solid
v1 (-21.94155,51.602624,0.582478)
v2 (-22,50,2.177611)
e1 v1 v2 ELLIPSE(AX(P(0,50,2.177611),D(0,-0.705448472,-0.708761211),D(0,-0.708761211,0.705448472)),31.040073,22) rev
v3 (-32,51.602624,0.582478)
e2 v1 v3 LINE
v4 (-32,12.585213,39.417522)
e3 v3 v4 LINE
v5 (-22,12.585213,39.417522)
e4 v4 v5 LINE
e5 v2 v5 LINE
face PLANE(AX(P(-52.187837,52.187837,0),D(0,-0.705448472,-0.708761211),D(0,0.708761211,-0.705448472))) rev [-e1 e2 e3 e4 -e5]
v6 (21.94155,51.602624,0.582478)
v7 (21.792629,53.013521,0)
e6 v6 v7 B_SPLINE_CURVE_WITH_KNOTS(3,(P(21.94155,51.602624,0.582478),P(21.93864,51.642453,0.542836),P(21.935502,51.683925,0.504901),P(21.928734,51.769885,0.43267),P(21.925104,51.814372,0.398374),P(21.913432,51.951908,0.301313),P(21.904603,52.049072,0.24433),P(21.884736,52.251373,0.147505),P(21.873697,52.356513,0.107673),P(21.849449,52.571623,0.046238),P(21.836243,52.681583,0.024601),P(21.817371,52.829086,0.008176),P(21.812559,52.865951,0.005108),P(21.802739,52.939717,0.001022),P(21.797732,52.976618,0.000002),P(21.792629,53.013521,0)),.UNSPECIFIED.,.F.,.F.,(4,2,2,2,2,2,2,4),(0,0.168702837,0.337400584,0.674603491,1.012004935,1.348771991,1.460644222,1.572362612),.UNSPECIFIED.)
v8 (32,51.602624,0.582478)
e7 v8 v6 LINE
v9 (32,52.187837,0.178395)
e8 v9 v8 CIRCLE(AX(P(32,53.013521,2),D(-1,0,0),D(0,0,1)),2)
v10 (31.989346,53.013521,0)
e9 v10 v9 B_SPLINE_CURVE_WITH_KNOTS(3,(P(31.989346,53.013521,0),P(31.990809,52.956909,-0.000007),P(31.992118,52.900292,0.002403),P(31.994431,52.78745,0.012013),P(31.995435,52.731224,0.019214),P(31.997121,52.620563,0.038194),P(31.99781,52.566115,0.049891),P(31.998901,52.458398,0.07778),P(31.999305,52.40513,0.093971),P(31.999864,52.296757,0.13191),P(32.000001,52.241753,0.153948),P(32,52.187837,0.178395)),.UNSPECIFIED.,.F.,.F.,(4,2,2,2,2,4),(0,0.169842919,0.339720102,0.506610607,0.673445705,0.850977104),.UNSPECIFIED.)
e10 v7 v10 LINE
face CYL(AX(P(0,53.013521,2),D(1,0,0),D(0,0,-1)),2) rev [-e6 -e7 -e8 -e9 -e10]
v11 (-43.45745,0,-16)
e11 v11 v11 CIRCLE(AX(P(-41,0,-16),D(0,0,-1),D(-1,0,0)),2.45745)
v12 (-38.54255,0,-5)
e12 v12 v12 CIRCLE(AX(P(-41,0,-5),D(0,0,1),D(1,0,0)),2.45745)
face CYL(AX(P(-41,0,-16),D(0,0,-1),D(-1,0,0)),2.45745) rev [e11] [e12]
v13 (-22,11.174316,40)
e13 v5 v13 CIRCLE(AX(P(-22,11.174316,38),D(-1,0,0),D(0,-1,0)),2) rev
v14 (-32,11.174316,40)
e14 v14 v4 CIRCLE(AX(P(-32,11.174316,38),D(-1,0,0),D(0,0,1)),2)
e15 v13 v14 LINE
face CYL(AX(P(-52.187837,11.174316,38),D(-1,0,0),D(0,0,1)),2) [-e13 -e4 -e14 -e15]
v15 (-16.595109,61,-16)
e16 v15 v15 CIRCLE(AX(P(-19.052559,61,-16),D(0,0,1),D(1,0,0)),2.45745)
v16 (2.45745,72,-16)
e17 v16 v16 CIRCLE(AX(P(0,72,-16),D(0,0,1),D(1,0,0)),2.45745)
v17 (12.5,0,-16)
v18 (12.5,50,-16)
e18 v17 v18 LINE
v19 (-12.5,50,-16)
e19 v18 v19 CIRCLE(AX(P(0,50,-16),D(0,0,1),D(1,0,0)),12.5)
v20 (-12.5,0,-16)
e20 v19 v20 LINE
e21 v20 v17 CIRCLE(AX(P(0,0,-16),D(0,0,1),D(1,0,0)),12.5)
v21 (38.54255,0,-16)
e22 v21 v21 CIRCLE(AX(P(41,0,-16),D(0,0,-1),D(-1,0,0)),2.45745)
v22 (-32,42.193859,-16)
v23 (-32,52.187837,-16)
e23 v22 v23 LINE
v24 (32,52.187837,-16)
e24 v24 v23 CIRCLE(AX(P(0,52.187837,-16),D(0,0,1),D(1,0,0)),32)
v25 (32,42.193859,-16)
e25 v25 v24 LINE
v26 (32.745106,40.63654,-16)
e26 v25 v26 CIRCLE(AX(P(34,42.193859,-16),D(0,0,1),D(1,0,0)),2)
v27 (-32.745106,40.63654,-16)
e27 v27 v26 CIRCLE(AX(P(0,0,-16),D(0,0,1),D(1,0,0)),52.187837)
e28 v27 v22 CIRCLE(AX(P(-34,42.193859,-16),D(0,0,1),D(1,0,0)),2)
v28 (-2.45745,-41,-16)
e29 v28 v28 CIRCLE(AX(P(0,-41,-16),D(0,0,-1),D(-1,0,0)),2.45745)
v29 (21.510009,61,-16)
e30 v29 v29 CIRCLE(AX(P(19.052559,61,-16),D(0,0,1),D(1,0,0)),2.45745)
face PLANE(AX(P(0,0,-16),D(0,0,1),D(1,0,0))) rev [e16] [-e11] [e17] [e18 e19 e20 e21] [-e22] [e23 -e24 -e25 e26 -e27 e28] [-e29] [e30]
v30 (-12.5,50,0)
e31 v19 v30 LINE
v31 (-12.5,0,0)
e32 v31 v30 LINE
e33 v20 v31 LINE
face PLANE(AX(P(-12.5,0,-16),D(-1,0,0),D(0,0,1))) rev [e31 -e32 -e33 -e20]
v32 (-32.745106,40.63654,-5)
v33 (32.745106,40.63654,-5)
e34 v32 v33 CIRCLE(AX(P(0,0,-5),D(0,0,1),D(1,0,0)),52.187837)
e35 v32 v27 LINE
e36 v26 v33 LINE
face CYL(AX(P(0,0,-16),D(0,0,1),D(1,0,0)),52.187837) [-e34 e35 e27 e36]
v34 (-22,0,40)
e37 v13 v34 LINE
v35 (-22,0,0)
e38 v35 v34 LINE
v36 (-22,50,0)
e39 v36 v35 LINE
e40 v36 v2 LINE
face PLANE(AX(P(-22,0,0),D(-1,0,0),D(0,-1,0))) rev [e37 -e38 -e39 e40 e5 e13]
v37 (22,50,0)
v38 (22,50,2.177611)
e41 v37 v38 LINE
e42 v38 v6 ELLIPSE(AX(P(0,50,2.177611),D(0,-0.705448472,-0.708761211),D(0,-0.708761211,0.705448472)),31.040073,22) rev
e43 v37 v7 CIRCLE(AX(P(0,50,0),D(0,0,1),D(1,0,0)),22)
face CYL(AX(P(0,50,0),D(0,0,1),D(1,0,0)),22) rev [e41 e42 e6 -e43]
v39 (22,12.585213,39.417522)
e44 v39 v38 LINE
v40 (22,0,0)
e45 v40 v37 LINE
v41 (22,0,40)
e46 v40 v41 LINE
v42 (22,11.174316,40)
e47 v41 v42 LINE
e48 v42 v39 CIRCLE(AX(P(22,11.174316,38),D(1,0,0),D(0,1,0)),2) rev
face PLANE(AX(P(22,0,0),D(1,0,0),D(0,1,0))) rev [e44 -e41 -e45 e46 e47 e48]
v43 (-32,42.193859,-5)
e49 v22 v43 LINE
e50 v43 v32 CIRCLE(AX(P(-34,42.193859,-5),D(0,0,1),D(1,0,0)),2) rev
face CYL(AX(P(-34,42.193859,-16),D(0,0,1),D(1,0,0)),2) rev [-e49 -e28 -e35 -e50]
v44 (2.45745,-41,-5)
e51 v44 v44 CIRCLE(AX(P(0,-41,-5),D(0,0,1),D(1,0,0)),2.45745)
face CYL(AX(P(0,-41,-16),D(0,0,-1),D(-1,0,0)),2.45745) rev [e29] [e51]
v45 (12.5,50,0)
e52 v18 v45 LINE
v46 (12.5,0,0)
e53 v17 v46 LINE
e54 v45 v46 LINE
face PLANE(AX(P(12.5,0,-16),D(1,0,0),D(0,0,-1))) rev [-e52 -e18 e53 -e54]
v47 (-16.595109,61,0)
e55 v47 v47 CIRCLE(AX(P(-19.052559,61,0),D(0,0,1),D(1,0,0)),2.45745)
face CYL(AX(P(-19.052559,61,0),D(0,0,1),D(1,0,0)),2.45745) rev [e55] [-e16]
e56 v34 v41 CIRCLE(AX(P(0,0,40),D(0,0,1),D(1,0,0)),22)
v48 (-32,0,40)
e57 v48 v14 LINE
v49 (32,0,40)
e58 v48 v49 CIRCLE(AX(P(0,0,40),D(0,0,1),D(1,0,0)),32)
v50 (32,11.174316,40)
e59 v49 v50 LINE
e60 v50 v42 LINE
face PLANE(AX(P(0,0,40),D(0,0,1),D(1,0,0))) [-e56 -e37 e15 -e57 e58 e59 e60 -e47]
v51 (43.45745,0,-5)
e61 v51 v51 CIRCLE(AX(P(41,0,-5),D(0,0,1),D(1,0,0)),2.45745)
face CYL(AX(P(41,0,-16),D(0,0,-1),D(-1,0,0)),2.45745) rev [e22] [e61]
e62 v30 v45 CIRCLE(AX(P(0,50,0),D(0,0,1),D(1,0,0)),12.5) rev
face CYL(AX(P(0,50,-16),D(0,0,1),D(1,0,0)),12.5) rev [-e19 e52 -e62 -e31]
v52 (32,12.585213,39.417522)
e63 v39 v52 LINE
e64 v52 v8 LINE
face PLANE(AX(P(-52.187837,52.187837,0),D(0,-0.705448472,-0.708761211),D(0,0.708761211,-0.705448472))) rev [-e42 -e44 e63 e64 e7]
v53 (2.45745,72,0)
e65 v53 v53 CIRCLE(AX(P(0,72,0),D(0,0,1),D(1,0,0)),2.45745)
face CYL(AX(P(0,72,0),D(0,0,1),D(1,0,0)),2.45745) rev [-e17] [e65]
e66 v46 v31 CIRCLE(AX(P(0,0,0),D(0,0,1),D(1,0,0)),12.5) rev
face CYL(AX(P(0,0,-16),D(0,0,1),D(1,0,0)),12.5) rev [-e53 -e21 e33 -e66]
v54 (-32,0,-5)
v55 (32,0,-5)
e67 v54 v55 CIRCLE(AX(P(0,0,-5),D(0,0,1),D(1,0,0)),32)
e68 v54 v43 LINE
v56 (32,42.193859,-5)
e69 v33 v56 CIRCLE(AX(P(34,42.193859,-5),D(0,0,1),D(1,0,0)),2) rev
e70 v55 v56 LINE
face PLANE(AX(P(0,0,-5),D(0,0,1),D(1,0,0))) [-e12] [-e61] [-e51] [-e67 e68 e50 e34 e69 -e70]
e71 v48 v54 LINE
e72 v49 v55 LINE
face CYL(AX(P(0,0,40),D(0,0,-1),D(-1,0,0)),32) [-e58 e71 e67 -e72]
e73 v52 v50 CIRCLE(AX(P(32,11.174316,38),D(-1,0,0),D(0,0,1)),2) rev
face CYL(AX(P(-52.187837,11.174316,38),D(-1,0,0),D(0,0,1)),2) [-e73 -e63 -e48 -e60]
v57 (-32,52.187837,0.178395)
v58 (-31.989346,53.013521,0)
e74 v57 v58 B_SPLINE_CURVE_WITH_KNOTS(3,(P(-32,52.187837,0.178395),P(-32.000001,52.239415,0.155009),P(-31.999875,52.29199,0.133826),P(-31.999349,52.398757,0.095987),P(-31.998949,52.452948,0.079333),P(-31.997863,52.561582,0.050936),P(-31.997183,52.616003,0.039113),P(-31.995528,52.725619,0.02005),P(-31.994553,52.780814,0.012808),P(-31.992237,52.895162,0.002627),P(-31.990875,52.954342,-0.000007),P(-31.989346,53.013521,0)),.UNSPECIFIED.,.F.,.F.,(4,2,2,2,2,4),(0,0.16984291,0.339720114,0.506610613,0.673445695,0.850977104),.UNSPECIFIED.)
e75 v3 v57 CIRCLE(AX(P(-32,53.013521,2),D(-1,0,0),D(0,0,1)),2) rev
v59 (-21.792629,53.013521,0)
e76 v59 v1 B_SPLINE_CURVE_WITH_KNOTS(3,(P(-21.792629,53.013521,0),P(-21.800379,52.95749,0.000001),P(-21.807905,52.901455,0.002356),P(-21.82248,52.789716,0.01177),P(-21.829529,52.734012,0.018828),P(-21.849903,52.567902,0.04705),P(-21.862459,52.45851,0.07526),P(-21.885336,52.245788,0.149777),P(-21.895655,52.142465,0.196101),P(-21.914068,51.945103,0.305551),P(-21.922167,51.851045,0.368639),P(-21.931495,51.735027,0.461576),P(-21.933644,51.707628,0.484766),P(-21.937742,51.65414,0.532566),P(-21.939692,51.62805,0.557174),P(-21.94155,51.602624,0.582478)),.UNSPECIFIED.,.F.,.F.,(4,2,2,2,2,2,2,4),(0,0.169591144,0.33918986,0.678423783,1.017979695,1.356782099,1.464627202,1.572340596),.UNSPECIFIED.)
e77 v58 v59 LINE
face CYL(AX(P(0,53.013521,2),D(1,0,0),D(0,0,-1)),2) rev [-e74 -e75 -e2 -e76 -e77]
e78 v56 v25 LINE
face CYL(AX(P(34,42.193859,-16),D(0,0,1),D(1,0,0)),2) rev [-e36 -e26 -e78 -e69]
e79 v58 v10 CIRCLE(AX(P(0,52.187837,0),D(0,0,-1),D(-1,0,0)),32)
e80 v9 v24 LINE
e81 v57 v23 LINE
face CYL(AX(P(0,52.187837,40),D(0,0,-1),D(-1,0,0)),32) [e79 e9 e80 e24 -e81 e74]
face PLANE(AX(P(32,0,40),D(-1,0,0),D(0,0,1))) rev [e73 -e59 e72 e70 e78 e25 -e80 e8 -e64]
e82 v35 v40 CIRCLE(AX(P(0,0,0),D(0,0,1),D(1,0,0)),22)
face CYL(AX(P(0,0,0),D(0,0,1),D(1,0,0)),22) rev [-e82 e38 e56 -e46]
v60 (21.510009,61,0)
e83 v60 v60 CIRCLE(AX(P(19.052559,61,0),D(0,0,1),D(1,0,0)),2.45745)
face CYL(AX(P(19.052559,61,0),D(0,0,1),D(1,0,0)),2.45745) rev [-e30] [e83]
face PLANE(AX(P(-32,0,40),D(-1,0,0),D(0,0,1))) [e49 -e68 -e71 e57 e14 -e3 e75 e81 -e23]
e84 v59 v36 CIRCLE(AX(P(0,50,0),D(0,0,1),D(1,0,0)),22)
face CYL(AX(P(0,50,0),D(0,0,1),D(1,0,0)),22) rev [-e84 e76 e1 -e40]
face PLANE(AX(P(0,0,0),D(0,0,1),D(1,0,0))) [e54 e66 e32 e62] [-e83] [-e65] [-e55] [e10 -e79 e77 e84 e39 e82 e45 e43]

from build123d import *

# Parameters (mm, degrees)
BOSS_EXTRUDE1_DEPTH          = 40
BOSS_EXTRUDE1_DEPTH_BACK     = 16
BOSS_EXTRUDE2_START          = -5
SKETCH1_3_R                  = 52.187837327
BOSS_EXTRUDE2_DEPTH          = 11
CUT_EXTRUDE1_DEPTH           = 114.785598028
CUT_EXTRUDE3_DEPTH           = 40
CUT_EXTRUDE4_DEPTH           = 126.599298993
FILLET1_R                    = 2
F_10_0_1935_DIAMETER_HOLE3_D = 4.9149
F_10_0_1935_DIAMETER_HOLE4_D = 4.9149
FILLET2_R                    = 2
FILLET3_R                    = 2


with BuildPart() as part:
    # Sketch1 → Boss-Extrude1 (new, two sides: drawn at the far end of the back side and taken through both)
    with BuildSketch(Plane.XY.offset(-BOSS_EXTRUDE1_DEPTH_BACK)):
        with BuildLine():
            ThreePointArc((-32, 0), (0, -32), (32, 0))
            Line((32, 0), (32, 52.187837327))
            ThreePointArc((32, 52.187837327), (0, 84.187837327), (-32, 52.187837327))
            Line((-32, 52.187837327), (-32, 0))
        make_face()
    extrude(amount=BOSS_EXTRUDE1_DEPTH + BOSS_EXTRUDE1_DEPTH_BACK)

    # Sketch1<3> → Boss-Extrude2 (add)
    with BuildSketch(Plane.XY.offset(BOSS_EXTRUDE2_START)):
        Circle(SKETCH1_3_R)
    extrude(amount=-BOSS_EXTRUDE2_DEPTH)

    # Sketch2 → Cut-Extrude1 (cut, through all)
    with BuildSketch(Plane.XY.offset(40)):
        with BuildLine():
            Line((-12.5, 0), (-12.5, 50))
            ThreePointArc((-12.5, 50), (0, 62.5), (12.5, 50))
            Line((12.5, 50), (12.5, 0))
            ThreePointArc((12.5, 0), (0, -12.5), (-12.5, 0))
        make_face()
    extrude(amount=-CUT_EXTRUDE1_DEPTH, mode=Mode.SUBTRACT)

    # Sketch6 → Cut-Extrude3 (cut)
    with BuildSketch(Plane.XY.offset(40)):
        with BuildLine():
            Line((-22, 0), (-22, 50))
            ThreePointArc((-22, 50), (0, 72), (22, 50))
            Line((22, 50), (22, 0))
            ThreePointArc((22, 0), (0, -22), (-22, 0))
        make_face()
    extrude(amount=-CUT_EXTRUDE3_DEPTH, mode=Mode.SUBTRACT)

    # Sketch7 → Cut-Extrude4 (cut, through all)
    with BuildSketch(Plane(origin=(32, 0, 0), x_dir=(0, 0, -1), z_dir=(1, 0, 0))):
        Polygon((0, 52.187837327), (0, 84.187837327), (-40, 84.187837327), (-40, 12), align=None)
    extrude(amount=-CUT_EXTRUDE4_DEPTH, mode=Mode.SUBTRACT)

    # Fillet1
    fillet1_edges = [part.edges().sort_by_distance(p)[0] for p in [
        (27, 12, 40),
        (-27, 12, 40),
    ]]
    fillet(fillet1_edges, radius=FILLET1_R)

    # #10 (0.1935) Diameter Hole3 (through all)
    with Locations(Plane.XY):
        with Locations((-19.052558883, 61), (19.052558883, 61), (0, 72)):
            Hole(F_10_0_1935_DIAMETER_HOLE3_D / 2)

    # #10 (0.1935) Diameter Hole4 (through all)
    with Locations(Plane(origin=(0, 0, -16), x_dir=(-1, 0, 0), z_dir=(0, 0, -1))):
        with Locations((0, -41), (41, 0), (-41, 0)):
            Hole(F_10_0_1935_DIAMETER_HOLE4_D / 2)

    # Fillet2
    fillet2_edges = [part.edges().sort_by_distance(p)[0] for p in [
        (26.945471299, 52.187837327, 0),
        (-26.945471299, 52.187837327, 0),
    ]]
    fillet(fillet2_edges, radius=FILLET2_R)

    # Fillet3
    fillet3_edges = [part.edges().sort_by_distance(p)[0] for p in [
        (-32, 41.225845835, -10.5),
        (32, 41.225845835, -10.5),
    ]]
    fillet(fillet3_edges, radius=FILLET3_R)


solid = part.part
